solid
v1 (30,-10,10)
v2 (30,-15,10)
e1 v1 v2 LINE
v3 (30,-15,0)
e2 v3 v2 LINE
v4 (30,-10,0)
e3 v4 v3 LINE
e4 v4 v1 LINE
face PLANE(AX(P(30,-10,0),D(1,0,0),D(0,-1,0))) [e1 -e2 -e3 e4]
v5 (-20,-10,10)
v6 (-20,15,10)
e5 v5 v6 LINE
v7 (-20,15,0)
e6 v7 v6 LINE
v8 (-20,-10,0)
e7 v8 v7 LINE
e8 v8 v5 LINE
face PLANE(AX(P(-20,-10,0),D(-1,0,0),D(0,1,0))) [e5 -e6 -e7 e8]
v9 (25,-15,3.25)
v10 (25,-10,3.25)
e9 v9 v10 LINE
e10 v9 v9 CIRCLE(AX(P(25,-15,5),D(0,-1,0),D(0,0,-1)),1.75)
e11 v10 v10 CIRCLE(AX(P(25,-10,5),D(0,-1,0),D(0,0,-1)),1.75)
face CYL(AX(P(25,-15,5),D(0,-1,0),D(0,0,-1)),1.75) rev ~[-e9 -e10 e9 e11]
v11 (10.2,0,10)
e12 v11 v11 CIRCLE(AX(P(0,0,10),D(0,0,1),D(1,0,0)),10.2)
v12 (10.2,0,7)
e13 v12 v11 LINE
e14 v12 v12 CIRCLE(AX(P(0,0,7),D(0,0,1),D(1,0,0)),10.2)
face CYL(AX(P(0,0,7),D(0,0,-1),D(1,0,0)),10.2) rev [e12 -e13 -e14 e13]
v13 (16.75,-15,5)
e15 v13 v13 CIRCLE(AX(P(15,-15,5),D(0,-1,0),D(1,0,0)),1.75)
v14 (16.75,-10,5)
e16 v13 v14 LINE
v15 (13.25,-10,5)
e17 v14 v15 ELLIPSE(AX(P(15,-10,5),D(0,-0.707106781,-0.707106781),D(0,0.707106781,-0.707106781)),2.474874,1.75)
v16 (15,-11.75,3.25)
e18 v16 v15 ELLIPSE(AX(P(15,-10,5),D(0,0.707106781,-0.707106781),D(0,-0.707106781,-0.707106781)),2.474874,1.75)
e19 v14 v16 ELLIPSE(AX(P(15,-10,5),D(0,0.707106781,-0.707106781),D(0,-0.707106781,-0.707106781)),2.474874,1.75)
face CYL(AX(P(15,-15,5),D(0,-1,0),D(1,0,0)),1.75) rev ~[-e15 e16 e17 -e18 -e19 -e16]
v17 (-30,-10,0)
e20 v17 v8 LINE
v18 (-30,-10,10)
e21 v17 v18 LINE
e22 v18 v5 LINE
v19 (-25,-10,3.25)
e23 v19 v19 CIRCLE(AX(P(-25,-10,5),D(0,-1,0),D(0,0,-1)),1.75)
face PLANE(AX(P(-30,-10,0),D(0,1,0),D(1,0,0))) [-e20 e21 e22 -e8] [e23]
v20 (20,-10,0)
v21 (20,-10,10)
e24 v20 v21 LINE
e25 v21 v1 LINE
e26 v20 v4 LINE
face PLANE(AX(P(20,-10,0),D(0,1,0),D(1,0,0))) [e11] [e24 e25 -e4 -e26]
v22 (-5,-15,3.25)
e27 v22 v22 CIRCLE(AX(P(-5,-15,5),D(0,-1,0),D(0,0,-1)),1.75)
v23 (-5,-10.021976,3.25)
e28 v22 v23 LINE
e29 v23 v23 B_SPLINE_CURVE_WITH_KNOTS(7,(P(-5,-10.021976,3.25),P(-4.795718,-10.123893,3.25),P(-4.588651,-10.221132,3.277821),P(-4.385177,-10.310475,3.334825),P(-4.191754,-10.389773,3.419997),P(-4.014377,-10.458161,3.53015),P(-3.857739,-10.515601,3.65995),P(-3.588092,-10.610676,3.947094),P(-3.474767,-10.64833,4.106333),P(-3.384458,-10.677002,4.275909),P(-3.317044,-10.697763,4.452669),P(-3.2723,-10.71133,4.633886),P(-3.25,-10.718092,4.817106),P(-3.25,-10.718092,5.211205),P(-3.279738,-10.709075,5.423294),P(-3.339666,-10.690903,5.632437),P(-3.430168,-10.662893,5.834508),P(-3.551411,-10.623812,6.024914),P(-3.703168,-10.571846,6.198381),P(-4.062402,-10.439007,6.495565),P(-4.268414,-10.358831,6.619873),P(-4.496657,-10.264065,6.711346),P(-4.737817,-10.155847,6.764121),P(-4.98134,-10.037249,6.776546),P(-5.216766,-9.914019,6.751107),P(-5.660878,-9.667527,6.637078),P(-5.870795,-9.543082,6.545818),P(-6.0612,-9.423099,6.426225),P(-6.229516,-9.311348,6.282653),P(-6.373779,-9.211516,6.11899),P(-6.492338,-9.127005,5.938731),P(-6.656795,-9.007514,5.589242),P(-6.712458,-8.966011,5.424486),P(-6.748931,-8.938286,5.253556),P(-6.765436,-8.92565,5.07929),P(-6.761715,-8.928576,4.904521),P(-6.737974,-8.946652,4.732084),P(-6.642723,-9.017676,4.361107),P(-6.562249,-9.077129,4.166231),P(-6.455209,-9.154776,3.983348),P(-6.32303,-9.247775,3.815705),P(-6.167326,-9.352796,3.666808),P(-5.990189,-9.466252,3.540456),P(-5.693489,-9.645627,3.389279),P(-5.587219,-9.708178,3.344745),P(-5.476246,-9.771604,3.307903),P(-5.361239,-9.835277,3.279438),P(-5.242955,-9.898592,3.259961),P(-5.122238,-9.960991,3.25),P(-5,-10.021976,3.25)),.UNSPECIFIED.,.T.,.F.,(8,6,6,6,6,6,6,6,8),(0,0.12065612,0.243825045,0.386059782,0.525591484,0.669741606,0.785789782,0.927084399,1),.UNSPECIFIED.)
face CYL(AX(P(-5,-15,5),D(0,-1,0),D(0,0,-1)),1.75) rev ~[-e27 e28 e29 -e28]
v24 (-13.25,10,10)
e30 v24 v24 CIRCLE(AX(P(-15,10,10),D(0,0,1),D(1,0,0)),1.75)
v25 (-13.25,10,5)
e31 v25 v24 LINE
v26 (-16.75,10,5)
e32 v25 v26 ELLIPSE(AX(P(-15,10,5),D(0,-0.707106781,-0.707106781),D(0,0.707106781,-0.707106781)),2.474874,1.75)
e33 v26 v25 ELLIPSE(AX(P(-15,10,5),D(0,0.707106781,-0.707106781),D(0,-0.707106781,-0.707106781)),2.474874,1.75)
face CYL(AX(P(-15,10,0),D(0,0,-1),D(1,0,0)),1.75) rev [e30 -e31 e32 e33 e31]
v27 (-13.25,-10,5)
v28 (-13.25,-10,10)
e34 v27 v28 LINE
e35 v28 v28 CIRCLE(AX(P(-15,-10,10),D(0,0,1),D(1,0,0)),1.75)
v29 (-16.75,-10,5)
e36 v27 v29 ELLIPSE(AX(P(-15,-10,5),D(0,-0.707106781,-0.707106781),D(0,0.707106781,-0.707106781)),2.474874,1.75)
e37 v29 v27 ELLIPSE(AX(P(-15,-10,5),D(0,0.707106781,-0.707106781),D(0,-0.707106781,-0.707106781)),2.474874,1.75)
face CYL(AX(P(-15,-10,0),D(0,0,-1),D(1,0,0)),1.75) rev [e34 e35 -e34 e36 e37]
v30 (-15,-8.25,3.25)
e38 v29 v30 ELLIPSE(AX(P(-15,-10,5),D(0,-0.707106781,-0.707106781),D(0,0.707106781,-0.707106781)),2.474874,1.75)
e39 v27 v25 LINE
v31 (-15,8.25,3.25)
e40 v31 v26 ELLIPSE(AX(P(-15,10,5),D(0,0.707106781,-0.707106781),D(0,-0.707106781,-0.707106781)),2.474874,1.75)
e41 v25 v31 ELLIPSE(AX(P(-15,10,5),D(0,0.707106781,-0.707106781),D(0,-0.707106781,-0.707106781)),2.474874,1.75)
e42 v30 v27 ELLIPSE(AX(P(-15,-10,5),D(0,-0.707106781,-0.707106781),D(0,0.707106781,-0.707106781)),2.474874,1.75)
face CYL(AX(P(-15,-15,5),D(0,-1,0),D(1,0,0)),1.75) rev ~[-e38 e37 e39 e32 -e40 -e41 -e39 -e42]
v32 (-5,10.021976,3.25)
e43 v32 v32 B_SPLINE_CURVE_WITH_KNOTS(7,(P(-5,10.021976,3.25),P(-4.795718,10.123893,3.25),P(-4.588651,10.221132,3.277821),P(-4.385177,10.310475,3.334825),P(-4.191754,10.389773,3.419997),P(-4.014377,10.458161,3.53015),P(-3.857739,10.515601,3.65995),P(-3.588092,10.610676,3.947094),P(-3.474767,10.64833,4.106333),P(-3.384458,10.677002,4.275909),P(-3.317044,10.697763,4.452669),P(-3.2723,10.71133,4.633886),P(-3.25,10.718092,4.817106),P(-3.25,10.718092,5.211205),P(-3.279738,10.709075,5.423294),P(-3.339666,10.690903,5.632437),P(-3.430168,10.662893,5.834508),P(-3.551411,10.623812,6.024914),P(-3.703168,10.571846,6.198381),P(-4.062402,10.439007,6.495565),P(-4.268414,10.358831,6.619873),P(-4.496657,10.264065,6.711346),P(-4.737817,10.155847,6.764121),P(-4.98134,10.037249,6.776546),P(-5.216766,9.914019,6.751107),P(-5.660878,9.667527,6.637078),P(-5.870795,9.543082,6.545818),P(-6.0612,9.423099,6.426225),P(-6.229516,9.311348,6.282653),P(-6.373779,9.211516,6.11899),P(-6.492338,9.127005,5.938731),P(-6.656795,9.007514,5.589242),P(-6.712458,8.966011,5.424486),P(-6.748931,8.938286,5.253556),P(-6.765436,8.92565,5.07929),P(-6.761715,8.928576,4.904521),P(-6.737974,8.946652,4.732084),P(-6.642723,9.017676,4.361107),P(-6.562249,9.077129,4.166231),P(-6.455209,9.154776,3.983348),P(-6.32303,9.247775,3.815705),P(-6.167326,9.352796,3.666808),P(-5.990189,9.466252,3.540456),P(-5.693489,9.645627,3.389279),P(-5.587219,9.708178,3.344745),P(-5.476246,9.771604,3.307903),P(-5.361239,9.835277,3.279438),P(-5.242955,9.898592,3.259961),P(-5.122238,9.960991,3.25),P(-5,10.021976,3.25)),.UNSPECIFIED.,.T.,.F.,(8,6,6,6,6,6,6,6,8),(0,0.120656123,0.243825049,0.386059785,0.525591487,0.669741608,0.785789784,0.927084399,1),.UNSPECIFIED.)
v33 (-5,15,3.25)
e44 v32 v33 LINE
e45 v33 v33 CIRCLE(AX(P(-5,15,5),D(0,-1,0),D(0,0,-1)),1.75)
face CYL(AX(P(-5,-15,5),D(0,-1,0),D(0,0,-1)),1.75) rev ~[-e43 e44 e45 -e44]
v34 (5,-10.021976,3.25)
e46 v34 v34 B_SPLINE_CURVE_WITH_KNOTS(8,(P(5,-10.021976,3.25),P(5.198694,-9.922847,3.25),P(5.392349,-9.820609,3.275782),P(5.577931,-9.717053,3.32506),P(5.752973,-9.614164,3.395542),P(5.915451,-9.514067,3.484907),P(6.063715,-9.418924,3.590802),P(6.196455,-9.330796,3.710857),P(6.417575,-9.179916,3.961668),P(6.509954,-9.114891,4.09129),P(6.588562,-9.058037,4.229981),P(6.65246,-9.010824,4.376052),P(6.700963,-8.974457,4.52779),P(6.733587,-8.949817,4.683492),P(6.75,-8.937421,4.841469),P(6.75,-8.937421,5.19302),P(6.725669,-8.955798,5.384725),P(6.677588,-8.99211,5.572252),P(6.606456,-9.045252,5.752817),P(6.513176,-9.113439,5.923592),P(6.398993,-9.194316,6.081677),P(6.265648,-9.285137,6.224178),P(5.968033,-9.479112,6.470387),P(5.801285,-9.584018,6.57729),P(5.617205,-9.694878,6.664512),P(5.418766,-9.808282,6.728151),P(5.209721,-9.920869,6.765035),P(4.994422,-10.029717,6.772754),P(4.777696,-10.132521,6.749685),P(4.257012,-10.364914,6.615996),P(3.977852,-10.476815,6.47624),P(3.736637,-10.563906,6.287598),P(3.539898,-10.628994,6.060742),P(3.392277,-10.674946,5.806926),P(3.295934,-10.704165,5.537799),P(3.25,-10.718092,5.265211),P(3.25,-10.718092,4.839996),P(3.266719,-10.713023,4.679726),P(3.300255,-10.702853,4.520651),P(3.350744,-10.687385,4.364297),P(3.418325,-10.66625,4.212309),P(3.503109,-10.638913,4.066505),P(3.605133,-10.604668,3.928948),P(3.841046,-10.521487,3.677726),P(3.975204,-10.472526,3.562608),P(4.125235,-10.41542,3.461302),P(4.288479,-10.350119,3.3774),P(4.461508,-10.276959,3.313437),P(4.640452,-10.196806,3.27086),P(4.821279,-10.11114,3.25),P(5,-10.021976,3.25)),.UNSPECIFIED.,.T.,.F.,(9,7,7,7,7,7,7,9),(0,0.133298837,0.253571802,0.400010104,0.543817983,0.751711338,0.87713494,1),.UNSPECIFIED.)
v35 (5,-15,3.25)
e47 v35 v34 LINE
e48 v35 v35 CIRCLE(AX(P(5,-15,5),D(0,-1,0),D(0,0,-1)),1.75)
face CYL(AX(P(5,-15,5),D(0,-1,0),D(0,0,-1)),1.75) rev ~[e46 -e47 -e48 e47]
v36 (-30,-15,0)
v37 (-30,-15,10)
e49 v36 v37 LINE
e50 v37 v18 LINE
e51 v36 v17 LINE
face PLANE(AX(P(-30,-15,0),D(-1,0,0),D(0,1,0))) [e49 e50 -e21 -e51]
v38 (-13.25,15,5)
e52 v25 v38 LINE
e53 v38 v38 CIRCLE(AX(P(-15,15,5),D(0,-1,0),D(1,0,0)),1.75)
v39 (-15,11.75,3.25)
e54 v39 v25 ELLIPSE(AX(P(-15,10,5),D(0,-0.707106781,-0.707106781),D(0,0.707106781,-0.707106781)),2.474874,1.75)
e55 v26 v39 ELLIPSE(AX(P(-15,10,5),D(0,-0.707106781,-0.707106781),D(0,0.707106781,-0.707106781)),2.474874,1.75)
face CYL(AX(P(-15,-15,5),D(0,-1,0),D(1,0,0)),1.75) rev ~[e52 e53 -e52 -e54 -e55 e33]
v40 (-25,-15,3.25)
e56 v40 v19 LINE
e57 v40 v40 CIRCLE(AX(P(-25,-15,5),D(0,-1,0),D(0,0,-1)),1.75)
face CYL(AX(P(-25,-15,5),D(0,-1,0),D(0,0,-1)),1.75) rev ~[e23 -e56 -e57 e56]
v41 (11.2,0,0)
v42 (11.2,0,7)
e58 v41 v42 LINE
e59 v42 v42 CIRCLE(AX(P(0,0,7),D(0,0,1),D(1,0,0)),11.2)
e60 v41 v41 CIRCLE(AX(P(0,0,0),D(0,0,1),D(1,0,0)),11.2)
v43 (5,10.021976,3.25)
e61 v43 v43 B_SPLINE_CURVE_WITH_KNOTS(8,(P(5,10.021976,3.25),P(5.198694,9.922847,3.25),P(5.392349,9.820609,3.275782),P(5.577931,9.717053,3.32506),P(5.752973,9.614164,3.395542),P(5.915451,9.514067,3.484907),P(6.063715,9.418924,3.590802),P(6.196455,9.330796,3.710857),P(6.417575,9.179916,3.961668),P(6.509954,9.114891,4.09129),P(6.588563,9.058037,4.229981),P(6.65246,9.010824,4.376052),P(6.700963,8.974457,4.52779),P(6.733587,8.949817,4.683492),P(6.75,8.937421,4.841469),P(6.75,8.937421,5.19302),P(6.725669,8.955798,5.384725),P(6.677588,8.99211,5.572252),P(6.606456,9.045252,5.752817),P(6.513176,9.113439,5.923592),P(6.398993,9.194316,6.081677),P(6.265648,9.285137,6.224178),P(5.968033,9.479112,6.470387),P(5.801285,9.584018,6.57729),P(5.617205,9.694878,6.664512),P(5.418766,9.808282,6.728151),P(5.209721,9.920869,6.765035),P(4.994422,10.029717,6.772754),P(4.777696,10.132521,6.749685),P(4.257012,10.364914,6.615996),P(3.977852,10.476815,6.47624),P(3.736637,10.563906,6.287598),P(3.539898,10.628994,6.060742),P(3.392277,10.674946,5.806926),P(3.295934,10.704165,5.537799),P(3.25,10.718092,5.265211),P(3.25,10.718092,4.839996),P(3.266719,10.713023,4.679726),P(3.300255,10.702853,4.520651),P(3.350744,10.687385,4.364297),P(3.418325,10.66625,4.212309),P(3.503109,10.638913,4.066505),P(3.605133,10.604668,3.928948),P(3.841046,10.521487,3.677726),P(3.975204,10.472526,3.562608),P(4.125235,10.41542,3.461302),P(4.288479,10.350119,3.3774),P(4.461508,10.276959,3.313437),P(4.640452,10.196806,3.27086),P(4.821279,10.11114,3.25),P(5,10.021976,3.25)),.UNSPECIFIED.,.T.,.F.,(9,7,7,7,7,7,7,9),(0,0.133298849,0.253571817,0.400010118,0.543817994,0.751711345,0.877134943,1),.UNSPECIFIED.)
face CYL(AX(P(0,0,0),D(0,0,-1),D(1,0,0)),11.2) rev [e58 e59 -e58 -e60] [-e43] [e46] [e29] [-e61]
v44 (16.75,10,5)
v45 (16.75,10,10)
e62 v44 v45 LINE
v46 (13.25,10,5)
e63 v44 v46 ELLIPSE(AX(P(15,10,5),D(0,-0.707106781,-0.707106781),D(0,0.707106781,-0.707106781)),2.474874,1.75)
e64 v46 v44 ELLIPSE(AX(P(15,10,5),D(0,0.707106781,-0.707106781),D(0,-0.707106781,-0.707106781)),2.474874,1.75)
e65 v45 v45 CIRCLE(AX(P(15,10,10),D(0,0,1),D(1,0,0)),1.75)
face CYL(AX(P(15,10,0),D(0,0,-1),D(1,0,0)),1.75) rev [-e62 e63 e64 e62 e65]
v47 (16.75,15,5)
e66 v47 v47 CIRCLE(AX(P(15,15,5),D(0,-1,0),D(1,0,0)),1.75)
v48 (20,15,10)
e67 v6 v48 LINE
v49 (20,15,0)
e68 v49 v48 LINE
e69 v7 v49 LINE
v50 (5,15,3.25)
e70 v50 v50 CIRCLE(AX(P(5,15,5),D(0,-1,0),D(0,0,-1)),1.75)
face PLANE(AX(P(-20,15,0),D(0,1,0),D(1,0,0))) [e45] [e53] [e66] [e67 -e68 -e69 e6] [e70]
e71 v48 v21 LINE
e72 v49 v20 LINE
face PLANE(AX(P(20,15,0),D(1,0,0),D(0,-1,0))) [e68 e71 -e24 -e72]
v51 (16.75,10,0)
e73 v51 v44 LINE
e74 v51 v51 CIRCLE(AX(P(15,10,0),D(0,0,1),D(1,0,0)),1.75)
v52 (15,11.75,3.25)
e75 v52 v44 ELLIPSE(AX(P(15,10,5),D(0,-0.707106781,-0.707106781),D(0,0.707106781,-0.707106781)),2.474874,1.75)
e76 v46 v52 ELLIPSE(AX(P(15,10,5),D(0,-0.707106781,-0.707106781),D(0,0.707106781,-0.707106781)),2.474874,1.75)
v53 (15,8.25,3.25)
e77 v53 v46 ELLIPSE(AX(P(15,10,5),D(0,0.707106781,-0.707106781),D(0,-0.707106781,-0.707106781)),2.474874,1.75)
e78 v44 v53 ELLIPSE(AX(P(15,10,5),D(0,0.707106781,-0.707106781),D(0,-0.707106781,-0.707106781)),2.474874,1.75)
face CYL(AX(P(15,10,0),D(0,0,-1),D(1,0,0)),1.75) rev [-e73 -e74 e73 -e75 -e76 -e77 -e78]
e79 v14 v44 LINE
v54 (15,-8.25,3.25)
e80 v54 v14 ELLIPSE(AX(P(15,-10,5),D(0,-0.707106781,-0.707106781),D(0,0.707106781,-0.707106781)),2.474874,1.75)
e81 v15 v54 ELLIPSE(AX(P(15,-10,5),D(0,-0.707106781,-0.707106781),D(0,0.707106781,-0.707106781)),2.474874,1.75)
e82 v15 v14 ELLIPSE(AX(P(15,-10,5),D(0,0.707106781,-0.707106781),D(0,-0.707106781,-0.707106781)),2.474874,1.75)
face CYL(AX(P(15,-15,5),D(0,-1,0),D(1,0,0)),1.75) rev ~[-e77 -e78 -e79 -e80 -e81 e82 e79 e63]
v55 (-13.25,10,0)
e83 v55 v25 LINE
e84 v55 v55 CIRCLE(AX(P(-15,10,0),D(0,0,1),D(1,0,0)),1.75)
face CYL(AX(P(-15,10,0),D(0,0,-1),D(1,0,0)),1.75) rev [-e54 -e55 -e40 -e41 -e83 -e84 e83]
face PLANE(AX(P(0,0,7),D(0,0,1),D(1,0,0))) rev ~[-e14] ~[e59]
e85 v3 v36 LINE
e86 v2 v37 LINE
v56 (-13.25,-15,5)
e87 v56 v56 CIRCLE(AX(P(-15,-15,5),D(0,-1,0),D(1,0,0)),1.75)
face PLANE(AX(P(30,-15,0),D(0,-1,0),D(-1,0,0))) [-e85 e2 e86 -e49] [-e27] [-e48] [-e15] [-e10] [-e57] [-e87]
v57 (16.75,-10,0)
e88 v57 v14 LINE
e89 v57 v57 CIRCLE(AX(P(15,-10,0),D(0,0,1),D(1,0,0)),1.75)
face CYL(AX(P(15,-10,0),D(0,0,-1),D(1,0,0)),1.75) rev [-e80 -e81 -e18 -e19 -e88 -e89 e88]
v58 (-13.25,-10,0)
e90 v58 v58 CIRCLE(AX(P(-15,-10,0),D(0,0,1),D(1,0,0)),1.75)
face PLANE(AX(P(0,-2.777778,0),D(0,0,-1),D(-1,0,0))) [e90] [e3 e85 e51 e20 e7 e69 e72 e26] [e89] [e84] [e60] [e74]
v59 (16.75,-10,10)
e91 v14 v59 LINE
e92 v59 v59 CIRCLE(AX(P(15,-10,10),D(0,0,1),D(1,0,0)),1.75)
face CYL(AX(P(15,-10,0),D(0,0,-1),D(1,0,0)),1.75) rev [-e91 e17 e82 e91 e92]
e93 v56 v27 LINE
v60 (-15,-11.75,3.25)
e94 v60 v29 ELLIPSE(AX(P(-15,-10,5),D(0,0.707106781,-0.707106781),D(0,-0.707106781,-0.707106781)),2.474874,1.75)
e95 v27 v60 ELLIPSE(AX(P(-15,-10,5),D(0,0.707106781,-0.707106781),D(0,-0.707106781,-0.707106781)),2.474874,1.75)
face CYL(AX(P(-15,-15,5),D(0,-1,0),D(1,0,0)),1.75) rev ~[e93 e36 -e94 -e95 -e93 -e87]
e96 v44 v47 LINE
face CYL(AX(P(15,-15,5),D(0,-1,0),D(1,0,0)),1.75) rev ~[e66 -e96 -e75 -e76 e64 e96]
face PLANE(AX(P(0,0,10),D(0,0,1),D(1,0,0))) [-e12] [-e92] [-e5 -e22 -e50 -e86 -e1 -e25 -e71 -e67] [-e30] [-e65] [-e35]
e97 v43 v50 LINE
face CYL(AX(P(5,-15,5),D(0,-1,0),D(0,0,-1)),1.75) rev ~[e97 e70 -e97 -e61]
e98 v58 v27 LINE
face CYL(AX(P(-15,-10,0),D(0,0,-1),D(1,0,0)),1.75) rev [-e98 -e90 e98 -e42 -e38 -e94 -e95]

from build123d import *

# Parameters (mm, degrees)
ESQUISSE1_R             = 11.2
ESQUISSE1_R_2           = 1.75
BOSS_EXTRU_1_DEPTH      = 10
BOSS_EXTRU_2_START      = -3
ESQUISSE2_R             = 11.2
ESQUISSE2_R_2           = 10.2
BOSS_EXTRU_2_DEPTH      = 3
ESQUISSE3_R             = 1.75
ENL_V_MAT_EXTRU_1_DEPTH = 44.588989435


with BuildPart() as part:
    # Esquisse1 → Boss.-Extru.1 (new body)
    with BuildSketch(Plane.XY):
        Polygon((-20, -10), (-20, 15), (20, 15), (20, -10), (30, -10), (30, -15), (-30, -15), (-30, -10), align=None)
        Circle(ESQUISSE1_R, mode=Mode.SUBTRACT)
        with Locations((15, 10)):
            Circle(ESQUISSE1_R_2, mode=Mode.SUBTRACT)
        with Locations((-15, 10)):
            Circle(ESQUISSE1_R_2, mode=Mode.SUBTRACT)
        with Locations((-15, -10)):
            Circle(ESQUISSE1_R_2, mode=Mode.SUBTRACT)
        with Locations((15, -10)):
            Circle(ESQUISSE1_R_2, mode=Mode.SUBTRACT)
    extrude(amount=BOSS_EXTRU_1_DEPTH)

    # Esquisse2 → Boss.-Extru.2 (add)
    with BuildSketch(Plane.XY.offset(10).offset(BOSS_EXTRU_2_START)):
        Circle(ESQUISSE2_R)
        Circle(ESQUISSE2_R_2, mode=Mode.SUBTRACT)
    extrude(amount=BOSS_EXTRU_2_DEPTH)

    # Esquisse3 → Enlèv. mat.-Extru.1 (cut, through all)
    with BuildSketch(Plane.XZ.offset(15)):
        with Locations(Location((-25, 5, 0), (0, 0, 270))):
            Circle(ESQUISSE3_R)
        with Locations((-15, 5)):
            Circle(ESQUISSE3_R)
        with Locations(Location((-5, 5, 0), (0, 0, 270))):
            Circle(ESQUISSE3_R)
        with Locations(Location((5, 5, 0), (0, 0, 270))):
            Circle(ESQUISSE3_R)
        with Locations((15, 5)):
            Circle(ESQUISSE3_R)
        with Locations(Location((25, 5, 0), (0, 0, 270))):
            Circle(ESQUISSE3_R)
    extrude(amount=-ENL_V_MAT_EXTRU_1_DEPTH, mode=Mode.SUBTRACT)


solid = part.part
